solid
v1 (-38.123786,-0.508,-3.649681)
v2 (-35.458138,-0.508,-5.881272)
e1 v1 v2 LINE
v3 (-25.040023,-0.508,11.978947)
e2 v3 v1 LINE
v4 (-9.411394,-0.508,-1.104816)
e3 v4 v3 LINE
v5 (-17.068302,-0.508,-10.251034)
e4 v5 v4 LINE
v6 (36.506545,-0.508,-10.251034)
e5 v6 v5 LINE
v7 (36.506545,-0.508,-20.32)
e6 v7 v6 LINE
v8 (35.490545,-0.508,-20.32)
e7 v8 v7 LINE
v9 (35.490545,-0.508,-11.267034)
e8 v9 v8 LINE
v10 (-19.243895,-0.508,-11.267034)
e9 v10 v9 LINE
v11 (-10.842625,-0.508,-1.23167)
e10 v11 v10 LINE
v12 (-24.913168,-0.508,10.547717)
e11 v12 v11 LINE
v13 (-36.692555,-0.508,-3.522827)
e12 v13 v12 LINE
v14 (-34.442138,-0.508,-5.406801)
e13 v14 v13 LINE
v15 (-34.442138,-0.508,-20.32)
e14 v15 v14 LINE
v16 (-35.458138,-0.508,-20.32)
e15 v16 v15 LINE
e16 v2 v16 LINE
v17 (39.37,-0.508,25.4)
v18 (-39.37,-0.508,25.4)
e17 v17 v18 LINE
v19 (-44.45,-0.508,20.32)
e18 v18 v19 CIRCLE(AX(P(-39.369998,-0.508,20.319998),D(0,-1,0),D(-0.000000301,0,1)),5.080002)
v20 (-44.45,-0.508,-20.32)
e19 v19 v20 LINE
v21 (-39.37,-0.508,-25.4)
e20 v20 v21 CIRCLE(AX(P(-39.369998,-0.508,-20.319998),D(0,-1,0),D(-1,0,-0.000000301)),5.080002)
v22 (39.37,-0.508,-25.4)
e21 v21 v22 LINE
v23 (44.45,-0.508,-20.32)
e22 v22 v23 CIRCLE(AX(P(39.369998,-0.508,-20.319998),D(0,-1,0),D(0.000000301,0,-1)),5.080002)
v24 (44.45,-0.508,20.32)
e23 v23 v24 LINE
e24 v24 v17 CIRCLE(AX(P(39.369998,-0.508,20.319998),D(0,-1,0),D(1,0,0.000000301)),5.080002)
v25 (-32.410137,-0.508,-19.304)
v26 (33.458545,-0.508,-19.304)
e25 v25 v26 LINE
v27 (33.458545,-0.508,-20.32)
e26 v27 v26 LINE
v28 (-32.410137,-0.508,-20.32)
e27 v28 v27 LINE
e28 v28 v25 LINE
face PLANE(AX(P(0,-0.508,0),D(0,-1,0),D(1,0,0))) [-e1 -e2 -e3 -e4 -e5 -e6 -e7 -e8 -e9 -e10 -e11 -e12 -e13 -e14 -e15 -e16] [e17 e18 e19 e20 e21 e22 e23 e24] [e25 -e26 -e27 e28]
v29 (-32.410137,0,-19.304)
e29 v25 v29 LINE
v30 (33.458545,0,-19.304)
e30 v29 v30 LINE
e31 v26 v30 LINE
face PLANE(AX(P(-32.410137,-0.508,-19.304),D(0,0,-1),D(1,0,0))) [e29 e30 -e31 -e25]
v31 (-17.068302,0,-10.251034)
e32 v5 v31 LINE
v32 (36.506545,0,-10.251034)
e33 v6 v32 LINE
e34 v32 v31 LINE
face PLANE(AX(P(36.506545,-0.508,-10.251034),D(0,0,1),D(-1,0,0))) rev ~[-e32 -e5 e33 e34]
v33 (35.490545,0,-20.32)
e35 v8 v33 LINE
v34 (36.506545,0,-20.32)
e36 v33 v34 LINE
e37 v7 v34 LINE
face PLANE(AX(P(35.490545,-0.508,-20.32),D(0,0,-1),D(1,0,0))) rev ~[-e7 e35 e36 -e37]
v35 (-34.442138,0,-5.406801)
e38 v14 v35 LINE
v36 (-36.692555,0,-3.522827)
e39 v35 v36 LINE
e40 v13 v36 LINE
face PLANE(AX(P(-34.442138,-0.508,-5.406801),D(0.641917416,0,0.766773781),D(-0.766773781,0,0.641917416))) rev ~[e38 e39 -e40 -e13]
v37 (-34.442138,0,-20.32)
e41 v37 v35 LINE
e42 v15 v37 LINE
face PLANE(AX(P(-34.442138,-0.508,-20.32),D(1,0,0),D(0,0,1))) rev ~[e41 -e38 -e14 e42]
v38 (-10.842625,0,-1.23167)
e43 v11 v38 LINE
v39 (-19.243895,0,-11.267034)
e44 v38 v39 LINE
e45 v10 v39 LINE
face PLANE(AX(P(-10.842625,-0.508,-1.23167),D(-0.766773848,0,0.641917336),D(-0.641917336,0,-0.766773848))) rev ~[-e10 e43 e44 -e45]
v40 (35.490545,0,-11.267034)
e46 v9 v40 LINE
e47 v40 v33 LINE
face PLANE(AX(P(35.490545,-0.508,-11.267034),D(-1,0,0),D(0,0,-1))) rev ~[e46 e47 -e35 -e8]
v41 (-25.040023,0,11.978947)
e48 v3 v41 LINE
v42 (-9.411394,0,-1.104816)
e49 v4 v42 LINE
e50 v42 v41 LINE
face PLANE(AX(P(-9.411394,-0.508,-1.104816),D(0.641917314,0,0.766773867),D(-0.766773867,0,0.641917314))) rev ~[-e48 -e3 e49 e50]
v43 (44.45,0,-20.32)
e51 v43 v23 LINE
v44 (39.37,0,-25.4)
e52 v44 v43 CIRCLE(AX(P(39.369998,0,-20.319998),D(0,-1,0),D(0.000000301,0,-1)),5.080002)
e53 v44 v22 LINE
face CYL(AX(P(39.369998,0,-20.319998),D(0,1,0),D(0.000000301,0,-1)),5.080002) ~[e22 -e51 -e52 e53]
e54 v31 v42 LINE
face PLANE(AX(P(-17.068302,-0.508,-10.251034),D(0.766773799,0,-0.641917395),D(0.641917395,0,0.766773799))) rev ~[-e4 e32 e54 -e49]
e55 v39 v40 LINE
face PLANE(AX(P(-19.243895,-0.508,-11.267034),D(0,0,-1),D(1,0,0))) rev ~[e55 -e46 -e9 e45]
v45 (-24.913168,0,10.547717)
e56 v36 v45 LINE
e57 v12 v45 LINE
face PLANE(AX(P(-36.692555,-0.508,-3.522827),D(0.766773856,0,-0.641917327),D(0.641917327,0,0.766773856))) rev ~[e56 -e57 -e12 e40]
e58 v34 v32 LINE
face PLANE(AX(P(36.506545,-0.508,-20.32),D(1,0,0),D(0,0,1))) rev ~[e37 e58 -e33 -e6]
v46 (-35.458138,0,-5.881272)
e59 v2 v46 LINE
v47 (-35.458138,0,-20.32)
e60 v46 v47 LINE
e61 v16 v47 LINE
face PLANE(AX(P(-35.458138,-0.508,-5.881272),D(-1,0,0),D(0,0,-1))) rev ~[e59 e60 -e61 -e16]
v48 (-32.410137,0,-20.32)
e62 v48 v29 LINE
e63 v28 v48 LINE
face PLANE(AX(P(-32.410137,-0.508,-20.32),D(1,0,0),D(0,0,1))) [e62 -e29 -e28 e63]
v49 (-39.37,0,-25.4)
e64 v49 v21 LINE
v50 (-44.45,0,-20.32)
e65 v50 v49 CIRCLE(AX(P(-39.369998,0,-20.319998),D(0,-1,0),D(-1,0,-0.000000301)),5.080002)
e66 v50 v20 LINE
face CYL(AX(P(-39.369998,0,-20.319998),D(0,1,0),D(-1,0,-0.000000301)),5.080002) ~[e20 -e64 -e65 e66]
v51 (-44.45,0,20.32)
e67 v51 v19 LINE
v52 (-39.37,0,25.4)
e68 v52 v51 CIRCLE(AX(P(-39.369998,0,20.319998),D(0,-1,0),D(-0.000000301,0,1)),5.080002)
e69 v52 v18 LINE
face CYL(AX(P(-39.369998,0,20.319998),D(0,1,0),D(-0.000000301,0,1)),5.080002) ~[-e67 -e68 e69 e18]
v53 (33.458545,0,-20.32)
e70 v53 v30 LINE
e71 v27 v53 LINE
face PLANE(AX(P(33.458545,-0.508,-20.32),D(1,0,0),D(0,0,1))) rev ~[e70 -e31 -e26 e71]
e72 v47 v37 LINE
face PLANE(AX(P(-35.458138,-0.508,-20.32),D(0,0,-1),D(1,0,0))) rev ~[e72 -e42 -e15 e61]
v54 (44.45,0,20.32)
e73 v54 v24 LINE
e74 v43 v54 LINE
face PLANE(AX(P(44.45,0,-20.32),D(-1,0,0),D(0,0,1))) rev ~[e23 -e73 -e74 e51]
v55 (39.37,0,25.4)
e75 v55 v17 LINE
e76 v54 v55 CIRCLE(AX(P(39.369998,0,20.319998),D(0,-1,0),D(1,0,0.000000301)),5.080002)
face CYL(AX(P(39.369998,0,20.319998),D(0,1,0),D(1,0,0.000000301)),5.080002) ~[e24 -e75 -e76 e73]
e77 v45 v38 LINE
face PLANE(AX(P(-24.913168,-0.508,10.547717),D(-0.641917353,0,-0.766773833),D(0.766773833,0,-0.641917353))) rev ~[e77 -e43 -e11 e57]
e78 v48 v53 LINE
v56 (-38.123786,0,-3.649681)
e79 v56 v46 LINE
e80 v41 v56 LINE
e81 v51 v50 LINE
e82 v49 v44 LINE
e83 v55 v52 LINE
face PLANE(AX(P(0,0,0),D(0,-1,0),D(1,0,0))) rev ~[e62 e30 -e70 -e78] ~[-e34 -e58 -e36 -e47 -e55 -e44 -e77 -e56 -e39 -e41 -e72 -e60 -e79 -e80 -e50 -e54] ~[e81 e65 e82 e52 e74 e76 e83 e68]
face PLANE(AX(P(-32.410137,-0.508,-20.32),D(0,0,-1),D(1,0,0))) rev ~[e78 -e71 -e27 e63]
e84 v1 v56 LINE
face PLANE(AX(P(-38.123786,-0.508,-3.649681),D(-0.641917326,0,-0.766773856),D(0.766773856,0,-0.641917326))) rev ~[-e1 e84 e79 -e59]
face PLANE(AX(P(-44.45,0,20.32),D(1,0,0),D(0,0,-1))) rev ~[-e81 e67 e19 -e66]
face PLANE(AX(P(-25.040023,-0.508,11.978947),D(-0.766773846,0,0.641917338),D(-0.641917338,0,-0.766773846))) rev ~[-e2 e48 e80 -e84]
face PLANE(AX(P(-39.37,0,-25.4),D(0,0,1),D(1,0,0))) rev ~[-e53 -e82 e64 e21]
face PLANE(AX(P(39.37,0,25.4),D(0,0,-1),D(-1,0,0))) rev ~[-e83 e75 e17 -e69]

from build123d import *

# Parameters (mm, degrees)
F1_DEPTH = 0.508
F2_W     = 65.868683
F2_H     = 1.016
F3_DEPTH = 0.509


with BuildPart() as f1:
    # F0 (on Front) → F1 (new body)
    with BuildSketch(Plane.XZ):
        with BuildLine():
            Line((39.37, 25.4), (-39.37, 25.4))
            ThreePointArc((-39.37, 25.4), (-42.962102, 23.912102), (-44.45, 20.32))
            Line((-44.45, 20.32), (-44.45, -20.32))
            ThreePointArc((-44.45, -20.32), (-42.962102, -23.912102), (-39.37, -25.4))
            Line((-39.37, -25.4), (39.37, -25.4))
            ThreePointArc((39.37, -25.4), (42.962102, -23.912102), (44.45, -20.32))
            Line((44.45, -20.32), (44.45, 20.32))
            ThreePointArc((44.45, 20.32), (42.962102, 23.912102), (39.37, 25.4))
        make_face()
    extrude(amount=F1_DEPTH)

    # F2 (on face) → F3 (cut, through all)
    with BuildSketch(Plane.XZ.offset(0.508)):
        Polygon((-24.913168, 10.547717), (-10.842625, -1.23167), (-19.243895, -11.267034), (35.490545, -11.267034), (35.490545, -20.32), (36.506545, -20.32), (36.506545, -10.251034), (-17.068302, -10.251034), (-9.411394, -1.104816), (-25.040023, 11.978947), (-38.123786, -3.649681), (-35.458138, -5.881272), (-35.458138, -20.32), (-34.442138, -20.32), (-34.442138, -5.406801), (-36.692555, -3.522827), align=None)
        with Locations((0.524204, -19.812)):
            Rectangle(F2_W, F2_H)
    extrude(amount=-F3_DEPTH, mode=Mode.SUBTRACT)


solid = f1.part
